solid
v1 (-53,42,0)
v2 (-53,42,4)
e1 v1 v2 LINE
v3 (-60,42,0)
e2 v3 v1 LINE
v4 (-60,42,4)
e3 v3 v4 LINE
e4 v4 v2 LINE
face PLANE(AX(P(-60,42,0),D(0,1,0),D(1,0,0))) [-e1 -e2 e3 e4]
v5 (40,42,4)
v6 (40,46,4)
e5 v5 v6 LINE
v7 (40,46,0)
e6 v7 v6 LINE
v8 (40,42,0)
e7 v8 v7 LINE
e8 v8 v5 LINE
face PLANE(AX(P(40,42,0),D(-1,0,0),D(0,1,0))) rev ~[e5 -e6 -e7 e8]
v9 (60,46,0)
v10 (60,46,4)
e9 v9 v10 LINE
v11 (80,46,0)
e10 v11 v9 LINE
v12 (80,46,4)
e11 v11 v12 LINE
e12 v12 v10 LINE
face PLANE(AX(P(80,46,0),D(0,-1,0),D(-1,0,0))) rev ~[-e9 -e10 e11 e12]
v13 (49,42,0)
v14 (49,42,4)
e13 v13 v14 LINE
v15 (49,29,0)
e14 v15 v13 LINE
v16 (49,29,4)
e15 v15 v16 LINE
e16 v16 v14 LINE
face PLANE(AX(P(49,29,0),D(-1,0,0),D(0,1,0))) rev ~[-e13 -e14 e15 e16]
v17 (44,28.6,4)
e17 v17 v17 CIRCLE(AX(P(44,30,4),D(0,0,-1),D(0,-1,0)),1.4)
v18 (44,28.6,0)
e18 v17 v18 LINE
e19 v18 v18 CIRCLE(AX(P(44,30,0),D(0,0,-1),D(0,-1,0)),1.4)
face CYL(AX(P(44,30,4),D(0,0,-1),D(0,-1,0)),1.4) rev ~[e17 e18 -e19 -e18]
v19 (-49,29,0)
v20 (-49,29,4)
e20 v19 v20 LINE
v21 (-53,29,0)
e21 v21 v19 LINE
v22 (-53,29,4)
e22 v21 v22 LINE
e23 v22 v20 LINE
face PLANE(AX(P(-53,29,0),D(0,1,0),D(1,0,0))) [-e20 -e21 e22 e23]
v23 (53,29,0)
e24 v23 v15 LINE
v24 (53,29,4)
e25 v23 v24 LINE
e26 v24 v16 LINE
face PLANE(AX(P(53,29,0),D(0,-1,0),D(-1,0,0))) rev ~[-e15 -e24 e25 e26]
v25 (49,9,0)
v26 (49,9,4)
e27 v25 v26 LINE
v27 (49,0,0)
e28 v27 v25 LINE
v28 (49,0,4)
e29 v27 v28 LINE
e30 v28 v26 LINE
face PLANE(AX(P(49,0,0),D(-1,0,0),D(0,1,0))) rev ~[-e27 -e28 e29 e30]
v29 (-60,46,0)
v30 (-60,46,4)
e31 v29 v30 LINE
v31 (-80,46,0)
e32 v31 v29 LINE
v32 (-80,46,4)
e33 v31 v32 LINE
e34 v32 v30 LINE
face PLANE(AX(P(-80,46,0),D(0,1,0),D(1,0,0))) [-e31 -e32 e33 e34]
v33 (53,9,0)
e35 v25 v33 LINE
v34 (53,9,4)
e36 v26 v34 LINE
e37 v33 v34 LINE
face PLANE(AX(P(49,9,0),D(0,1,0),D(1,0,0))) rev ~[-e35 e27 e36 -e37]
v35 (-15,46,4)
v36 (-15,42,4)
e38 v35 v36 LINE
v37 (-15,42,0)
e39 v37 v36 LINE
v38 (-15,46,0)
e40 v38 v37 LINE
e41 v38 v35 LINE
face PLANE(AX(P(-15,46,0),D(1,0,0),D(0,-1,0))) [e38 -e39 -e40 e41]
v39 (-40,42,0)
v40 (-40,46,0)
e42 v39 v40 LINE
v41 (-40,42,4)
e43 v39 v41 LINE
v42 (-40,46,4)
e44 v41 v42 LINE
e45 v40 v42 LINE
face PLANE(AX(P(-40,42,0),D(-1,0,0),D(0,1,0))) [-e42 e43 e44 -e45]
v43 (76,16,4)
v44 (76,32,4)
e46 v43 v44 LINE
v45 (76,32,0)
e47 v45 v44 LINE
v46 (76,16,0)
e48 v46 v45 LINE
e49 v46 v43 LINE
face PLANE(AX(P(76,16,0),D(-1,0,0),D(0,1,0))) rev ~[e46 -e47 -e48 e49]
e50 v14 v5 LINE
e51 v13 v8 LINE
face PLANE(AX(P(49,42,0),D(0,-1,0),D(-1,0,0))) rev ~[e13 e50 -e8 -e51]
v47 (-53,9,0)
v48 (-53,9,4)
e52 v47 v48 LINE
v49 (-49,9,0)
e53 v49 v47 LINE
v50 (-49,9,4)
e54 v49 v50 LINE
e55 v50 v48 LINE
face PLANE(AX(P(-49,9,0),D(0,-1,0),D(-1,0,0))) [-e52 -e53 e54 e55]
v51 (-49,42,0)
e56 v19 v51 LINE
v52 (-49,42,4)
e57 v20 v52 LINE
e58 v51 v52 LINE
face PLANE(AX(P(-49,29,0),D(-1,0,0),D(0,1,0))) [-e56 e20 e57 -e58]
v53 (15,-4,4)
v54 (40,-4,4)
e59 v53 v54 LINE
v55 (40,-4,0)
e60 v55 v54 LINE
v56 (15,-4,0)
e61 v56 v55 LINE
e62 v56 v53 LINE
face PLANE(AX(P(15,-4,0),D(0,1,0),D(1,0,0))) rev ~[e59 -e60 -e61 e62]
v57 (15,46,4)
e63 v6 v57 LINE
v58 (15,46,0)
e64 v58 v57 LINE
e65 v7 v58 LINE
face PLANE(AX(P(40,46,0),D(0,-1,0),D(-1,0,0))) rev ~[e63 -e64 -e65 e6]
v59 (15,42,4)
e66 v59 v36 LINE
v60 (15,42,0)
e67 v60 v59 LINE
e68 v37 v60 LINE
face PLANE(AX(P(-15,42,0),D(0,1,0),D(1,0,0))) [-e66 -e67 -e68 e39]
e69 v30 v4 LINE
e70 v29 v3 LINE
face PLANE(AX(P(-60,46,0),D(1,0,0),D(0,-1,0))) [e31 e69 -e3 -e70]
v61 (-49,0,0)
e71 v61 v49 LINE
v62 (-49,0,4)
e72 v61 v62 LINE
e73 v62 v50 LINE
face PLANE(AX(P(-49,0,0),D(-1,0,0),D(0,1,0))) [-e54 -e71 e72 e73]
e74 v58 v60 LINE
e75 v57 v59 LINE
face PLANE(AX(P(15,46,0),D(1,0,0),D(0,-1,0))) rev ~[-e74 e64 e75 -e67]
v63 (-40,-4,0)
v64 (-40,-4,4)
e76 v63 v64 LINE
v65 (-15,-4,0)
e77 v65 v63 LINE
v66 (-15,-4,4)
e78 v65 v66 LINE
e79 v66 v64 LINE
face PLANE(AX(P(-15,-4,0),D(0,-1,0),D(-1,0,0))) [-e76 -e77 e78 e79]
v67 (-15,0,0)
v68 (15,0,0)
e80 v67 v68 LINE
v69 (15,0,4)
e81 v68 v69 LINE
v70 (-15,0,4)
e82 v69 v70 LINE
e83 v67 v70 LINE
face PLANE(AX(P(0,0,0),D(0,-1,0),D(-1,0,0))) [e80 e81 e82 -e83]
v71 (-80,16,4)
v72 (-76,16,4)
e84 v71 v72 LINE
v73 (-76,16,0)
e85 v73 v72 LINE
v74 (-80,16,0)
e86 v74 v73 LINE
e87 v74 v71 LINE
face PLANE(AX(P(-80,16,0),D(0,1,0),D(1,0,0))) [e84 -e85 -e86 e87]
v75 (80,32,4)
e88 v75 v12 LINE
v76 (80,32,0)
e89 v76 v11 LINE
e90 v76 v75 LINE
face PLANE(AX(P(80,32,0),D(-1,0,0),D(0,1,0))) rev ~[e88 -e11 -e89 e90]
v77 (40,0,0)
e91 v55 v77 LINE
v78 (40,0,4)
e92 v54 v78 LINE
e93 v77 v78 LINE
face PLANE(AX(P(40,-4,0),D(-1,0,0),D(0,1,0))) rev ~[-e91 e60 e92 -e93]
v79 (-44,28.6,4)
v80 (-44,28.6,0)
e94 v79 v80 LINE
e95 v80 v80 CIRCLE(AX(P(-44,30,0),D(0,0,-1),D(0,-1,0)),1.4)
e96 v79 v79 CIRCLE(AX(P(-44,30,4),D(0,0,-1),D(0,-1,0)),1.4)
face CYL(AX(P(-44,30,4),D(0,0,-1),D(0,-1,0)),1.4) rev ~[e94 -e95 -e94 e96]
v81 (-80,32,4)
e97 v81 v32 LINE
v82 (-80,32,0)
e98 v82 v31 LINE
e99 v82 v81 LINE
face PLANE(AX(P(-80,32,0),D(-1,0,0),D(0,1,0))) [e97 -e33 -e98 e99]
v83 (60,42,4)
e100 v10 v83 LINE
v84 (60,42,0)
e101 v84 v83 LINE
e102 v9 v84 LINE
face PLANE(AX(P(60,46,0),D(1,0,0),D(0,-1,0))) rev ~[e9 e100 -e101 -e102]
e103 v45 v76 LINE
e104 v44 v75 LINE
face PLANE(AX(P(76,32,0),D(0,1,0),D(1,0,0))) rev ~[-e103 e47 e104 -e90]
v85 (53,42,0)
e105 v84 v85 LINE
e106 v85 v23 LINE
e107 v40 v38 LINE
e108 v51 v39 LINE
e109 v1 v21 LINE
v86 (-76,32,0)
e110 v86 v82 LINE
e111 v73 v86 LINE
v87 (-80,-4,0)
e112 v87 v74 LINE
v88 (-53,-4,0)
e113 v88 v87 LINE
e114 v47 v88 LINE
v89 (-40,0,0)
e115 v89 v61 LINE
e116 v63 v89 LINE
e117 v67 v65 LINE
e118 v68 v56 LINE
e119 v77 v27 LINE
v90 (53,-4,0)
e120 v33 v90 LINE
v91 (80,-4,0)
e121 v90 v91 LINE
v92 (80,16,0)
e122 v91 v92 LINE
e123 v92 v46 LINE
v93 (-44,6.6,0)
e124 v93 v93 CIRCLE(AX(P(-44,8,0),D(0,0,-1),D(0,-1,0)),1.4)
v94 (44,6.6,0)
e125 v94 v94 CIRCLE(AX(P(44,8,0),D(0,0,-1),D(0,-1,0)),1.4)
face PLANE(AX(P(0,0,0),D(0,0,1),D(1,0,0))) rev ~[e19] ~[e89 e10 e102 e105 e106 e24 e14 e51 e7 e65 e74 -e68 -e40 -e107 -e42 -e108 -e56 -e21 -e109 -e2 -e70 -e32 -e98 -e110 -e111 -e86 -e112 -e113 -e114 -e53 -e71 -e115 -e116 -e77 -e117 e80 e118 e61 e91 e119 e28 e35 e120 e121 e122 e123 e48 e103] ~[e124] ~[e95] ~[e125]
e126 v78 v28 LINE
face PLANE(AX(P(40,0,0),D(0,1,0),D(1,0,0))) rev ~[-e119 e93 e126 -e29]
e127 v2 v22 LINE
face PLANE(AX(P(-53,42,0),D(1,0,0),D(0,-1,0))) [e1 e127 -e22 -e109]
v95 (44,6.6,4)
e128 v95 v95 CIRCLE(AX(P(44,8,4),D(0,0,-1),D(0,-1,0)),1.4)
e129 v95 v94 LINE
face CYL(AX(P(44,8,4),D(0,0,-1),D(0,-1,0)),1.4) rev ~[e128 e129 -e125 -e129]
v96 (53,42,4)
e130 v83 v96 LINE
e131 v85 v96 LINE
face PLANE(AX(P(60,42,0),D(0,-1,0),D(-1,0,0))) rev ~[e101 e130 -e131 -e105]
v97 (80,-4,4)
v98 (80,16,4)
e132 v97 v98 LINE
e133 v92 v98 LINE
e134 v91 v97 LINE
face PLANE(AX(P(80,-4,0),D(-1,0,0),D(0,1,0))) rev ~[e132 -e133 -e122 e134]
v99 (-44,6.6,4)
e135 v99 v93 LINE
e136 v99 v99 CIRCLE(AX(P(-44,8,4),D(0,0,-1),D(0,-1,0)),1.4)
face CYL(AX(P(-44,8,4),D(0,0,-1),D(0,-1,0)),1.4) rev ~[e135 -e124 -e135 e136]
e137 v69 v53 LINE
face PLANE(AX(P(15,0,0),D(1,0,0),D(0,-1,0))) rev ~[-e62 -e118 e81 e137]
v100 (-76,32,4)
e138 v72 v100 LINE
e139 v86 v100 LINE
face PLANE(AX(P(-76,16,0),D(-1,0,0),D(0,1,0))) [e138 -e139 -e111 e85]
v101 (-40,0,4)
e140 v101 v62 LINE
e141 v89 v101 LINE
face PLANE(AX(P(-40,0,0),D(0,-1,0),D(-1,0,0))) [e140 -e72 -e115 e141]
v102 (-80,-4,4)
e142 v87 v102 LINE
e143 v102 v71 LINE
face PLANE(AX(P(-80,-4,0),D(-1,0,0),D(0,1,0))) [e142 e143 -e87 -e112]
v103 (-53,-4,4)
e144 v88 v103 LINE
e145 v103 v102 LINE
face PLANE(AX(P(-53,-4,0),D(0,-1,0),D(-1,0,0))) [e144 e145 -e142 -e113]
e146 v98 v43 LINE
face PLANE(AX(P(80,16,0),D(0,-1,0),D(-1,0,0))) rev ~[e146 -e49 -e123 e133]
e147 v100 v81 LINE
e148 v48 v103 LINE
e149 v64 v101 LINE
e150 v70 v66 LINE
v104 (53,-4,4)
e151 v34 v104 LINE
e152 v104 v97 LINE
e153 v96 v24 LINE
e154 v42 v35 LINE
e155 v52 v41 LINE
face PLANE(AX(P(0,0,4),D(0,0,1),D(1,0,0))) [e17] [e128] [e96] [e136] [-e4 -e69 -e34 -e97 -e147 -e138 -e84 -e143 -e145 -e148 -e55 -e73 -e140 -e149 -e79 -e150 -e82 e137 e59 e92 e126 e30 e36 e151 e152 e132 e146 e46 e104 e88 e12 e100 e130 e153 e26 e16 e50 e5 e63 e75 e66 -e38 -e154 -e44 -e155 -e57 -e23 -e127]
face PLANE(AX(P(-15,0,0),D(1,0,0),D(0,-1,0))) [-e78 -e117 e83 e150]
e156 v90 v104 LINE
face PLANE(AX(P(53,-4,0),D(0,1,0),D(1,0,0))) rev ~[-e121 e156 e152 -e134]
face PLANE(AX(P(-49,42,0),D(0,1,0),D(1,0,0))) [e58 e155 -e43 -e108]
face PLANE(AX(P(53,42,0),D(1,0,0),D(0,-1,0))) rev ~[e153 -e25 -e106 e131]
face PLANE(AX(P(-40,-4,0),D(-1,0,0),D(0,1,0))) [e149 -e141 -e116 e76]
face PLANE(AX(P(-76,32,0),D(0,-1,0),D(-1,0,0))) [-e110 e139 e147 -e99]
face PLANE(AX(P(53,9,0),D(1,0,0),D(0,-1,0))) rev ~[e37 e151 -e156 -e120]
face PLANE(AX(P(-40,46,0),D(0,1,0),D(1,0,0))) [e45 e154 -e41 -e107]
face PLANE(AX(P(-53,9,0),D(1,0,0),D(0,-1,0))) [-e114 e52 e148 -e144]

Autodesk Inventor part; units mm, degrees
ref_plane "YZ Plane" through (0, 0, 0) normal (1, 0, 0) x (0, 1, 0)
ref_plane "XZ Plane" through (0, 0, 0) normal (0, 1, 0) x (-1, 0, 0)
ref_plane "XY Plane" through (0, 0, 0) normal (0, 0, 1) x (1, 0, 0)
sketch "Эскиз1" plane through (0, 0, 0) normal (0, 0, 1) x (1, 0, 0)
  line L0 (0, 0) -> (-15, 0)
  line L1 (-15, 0) -> (-15, -4)
  line L2 (-15, -4) -> (-40, -4)
  line L3 (-40, -4) -> (-40, 0)
  line L4 (-40, 0) -> (-49, 0)
  line L5 (-49, 0) -> (-49, 9)
  line L6 (-49, 9) -> (-53, 9)
  line L7 (-53, 9) -> (-53, -4)
  line L8 (-53, -4) -> (-80, -4)
  line L9 (-80, 46) -> (-60, 46)
  line L10 (-60, 46) -> (-60, 42)
  line L11 (-60, 42) -> (-53, 42)
  line L12 (-53, 42) -> (-53, 29)
  line L13 (-53, 29) -> (-49, 29)
  line L14 (-49, 29) -> (-49, 42)
  line L15 (-49, 42) -> (-40, 42)
  line L16 (-40, 42) -> (-40, 46)
  line L17 (-40, 46) -> (-15, 46)
  line L18 (-15, 46) -> (-15, 42)
  line L19 (-15, 42) -> (0, 42)
  line L20 (0, 42) -> (0, 0)
  line L21 (0, 0) -> (15, 0)
  line L22 (15, 0) -> (15, -4)
  line L23 (15, -4) -> (40, -4)
  line L24 (40, -4) -> (40, 0)
  line L25 (40, 0) -> (49, 0)
  line L26 (49, 0) -> (49, 9)
  line L27 (49, 9) -> (53, 9)
  line L28 (53, 9) -> (53, -4)
  line L29 (53, -4) -> (80, -4)
  line L30 (80, 46) -> (60, 46)
  line L31 (60, 46) -> (60, 42)
  line L32 (60, 42) -> (53, 42)
  line L33 (53, 42) -> (53, 29)
  line L34 (53, 29) -> (49, 29)
  line L35 (49, 29) -> (49, 42)
  line L36 (49, 42) -> (40, 42)
  line L37 (40, 42) -> (40, 46)
  line L38 (40, 46) -> (15, 46)
  line L39 (15, 46) -> (15, 42)
  line L40 (15, 42) -> (0, 42)
  line L41 (-80, -4) -> (-80, 16)
  line L42 (-80, 16) -> (-76, 16)
  line L43 (-76, 16) -> (-76, 32)
  line L44 (-76, 32) -> (-80, 32)
  line L45 (-80, 32) -> (-80, 46)
  line L46 (80, -4) -> (80, 16)
  line L47 (76, 16) -> (76, 32)
  line L48 (76, 32) -> (80, 32)
  line L49 (80, 16) -> (76, 16)
  line L50 (80, 32) -> (80, 46)
  dimension "d0" = 4
  dimension "d1" = 30
  dimension "d2" = 25
  dimension "d3" = 9
  dimension "d4" = 20
  dimension "d5" = 13
  dimension "d6" = 17
  dimension "d9" = 25
  dimension "d12" = 20
  dimension "d13" = 27
  dimension "d14" = 16
  dimension "d15" = 14
extrude "Выдавливание1" add sketch "Эскиз1" along normal blind 4
sketch "Эскиз3" plane through (0, 0, 4) normal (0, 0, 1) x (1, 0, 0)
  line L0 (0, 0) -> (0, 42)
  line L1 (15, 42) -> (-15, 42) projected
  line L2 (-40, 42) -> (-49, 42) projected
  line L3 (-49, 42) -> (-49, 29) projected
  point P0 (-44, 30)
  point P1 (-44, 8)
  point P2 (44, 8)
  point P3 (44, 30)
  dimension "d28" = 12
  dimension "d29" = 34
  dimension "d30" = 5
hole "Отверстие1" at (-44, 30, 4) at (-44, 8, 4) at (44, 8, 4) at (44, 30, 4) direction (0, 0, -1) diameter 2.8 end through all
properties part number "back" material "Дерево (береза)"
